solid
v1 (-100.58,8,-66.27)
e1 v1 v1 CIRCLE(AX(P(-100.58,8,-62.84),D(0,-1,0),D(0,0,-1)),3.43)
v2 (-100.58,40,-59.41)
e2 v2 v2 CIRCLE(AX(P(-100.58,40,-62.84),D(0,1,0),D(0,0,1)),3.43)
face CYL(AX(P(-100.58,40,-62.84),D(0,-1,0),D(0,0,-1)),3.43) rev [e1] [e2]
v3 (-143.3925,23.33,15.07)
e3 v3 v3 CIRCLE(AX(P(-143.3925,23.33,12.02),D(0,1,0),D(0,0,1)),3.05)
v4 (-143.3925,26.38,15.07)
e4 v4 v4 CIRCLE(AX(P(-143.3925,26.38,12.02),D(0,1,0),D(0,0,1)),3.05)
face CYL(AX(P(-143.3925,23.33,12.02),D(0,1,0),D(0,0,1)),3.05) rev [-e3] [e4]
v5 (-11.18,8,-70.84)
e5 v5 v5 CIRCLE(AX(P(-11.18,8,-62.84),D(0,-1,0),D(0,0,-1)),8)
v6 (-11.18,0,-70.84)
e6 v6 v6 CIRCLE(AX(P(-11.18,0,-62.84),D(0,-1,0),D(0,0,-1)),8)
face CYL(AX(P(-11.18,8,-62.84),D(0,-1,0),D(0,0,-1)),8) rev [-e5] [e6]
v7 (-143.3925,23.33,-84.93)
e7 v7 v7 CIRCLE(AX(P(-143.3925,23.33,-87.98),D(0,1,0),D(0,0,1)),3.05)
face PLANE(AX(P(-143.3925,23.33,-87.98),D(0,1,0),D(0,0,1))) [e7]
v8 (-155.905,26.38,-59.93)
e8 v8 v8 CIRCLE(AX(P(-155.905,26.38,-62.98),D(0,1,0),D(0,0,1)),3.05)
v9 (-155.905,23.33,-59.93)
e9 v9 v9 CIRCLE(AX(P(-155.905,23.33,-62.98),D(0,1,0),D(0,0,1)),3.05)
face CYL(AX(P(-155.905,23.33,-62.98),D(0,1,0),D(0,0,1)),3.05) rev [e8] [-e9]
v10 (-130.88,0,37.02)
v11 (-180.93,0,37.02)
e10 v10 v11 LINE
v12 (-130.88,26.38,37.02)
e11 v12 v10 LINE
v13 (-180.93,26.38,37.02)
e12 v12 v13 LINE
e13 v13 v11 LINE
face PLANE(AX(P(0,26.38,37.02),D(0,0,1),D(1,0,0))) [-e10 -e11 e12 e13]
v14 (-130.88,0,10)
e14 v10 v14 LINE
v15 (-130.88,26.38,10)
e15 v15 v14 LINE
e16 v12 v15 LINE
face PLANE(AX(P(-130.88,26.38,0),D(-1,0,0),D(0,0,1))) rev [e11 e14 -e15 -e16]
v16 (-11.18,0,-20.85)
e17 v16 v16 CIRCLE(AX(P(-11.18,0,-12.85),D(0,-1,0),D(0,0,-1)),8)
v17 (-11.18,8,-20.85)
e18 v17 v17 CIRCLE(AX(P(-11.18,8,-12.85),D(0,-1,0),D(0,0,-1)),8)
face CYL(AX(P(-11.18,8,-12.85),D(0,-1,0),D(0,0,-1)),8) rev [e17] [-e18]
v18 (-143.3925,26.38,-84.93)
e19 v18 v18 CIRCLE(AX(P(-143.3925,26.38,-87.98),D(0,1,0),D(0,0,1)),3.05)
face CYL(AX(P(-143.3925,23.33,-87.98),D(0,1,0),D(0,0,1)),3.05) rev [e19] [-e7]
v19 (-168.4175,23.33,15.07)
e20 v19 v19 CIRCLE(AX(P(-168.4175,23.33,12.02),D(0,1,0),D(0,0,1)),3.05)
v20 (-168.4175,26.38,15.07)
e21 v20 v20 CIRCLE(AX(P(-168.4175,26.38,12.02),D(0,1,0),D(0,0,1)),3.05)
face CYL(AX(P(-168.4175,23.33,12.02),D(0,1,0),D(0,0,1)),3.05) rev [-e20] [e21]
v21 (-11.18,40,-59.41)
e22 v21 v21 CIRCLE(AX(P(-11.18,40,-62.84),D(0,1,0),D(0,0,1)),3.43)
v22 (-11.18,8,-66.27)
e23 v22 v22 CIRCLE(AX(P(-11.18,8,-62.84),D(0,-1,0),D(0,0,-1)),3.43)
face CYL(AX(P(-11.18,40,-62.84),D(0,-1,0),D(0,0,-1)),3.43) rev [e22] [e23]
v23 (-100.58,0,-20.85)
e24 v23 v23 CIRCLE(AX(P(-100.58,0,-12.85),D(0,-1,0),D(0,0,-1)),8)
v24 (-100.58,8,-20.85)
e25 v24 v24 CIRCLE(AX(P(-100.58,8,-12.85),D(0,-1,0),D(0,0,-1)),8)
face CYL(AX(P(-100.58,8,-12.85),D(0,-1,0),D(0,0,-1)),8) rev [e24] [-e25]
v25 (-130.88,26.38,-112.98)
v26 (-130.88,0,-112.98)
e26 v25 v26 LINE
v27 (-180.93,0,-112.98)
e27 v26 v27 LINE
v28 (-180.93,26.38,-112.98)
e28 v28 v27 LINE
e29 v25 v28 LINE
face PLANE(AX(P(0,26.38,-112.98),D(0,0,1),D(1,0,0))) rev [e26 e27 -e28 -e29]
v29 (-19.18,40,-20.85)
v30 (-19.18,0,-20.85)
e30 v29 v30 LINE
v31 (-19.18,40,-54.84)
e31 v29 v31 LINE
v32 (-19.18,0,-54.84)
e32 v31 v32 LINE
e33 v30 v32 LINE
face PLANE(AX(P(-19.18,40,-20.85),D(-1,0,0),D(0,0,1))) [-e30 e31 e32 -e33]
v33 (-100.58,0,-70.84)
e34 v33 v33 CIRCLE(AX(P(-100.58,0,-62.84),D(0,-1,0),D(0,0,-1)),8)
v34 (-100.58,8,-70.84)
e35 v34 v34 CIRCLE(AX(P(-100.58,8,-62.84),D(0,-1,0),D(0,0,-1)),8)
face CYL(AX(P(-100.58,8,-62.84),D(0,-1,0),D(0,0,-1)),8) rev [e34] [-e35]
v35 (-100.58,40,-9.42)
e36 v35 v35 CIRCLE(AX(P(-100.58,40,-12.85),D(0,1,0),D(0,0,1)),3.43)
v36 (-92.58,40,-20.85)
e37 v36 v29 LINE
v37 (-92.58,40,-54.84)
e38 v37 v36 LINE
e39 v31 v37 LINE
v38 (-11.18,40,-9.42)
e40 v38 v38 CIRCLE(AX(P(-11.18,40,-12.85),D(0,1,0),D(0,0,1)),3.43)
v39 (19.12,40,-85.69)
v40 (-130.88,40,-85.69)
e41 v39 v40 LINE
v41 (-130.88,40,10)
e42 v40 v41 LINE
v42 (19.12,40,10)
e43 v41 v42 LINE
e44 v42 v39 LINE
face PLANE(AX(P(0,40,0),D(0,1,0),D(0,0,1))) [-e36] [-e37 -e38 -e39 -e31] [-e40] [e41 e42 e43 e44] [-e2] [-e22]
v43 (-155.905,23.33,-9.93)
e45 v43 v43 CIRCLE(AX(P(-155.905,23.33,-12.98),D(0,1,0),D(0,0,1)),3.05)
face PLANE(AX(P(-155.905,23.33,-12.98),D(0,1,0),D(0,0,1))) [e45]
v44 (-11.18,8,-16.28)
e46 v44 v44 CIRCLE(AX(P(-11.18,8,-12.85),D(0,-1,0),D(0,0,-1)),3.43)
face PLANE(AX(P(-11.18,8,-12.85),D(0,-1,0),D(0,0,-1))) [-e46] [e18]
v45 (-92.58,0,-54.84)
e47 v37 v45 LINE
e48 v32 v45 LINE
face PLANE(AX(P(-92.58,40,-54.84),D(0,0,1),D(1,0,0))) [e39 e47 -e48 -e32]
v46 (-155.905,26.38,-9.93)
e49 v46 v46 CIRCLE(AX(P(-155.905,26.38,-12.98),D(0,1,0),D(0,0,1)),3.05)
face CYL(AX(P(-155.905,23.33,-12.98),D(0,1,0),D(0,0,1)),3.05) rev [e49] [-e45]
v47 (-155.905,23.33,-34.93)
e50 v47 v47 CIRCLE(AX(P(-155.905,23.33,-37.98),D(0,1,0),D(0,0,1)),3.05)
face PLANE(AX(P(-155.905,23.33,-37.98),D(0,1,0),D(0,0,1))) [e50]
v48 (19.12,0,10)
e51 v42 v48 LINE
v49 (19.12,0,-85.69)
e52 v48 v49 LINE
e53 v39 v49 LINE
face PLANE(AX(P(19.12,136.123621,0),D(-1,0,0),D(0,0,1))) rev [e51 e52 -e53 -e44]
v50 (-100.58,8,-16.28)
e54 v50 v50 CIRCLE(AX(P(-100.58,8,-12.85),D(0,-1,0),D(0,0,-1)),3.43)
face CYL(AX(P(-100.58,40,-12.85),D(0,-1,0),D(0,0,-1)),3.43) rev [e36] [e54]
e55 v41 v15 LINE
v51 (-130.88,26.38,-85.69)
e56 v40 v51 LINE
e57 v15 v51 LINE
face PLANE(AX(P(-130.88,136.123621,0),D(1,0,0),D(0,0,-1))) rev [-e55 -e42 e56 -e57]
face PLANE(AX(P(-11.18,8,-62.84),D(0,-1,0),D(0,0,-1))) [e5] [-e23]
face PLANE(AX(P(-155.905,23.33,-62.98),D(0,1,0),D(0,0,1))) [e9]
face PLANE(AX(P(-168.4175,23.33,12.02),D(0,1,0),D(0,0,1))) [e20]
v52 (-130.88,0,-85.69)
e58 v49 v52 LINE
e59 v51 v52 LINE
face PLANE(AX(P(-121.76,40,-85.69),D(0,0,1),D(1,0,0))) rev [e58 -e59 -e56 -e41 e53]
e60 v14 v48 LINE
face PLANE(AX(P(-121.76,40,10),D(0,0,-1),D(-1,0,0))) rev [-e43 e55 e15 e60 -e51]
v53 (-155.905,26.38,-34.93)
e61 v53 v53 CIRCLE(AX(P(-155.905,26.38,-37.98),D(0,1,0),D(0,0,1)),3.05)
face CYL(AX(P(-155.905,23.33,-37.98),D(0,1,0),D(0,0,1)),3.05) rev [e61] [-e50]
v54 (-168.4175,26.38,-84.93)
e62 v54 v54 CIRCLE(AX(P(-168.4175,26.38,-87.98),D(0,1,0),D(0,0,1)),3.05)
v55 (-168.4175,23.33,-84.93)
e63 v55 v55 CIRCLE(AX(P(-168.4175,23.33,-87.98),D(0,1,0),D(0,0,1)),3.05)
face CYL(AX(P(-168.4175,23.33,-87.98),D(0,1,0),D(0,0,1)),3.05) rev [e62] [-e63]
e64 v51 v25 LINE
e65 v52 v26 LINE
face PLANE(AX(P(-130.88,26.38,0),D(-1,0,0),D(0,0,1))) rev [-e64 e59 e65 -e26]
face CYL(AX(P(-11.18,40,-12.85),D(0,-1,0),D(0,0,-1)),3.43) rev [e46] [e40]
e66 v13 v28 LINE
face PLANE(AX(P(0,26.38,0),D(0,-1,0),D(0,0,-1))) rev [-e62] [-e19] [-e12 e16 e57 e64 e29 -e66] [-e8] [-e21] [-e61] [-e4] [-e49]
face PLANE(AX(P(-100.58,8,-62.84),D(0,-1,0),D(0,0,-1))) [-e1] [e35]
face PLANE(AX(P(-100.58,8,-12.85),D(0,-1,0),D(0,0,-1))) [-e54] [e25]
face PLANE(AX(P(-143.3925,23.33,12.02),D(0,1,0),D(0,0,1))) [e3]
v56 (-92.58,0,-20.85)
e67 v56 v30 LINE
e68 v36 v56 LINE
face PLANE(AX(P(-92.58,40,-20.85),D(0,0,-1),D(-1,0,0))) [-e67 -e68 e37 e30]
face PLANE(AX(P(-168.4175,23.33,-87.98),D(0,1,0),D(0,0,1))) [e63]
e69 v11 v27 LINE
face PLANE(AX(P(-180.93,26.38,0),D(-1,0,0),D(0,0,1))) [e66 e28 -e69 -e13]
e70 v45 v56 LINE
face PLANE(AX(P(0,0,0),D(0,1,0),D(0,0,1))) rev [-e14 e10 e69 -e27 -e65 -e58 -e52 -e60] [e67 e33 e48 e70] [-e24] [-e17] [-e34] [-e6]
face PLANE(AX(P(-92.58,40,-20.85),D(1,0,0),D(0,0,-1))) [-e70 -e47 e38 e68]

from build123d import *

# Parameters (mm, degrees)
SKETCH8_W           = 131.76
SKETCH8_H           = 95.69
SKETCH8_R           = 3.43
SKETCH8_W_2         = 73.4
SKETCH8_H_2         = 33.99
BOSS_EXTRUDE4_DEPTH = 40
SKETCH9_R           = 8
CUT_EXTRUDE2_DEPTH  = 8
SKETCH12_W          = 9.12
SKETCH12_H          = 95.69
BOSS_EXTRUDE5_DEPTH = 40
BOSS_EXTRUDE6_DEPTH = 26.38
SKETCH15_R          = 3.05
CUT_EXTRUDE4_DEPTH  = 3.05
SKETCH14_R          = 3.05
CUT_EXTRUDE3_DEPTH  = 3.05


with BuildPart() as part:
    # Sketch8 → Boss-Extrude4 (new body)
    with BuildSketch(Plane(origin=(0, 0, 0), x_dir=(1, 0, 0), z_dir=(0, 1, 0))):
        with Locations((-55.88, 37.845)):
            Rectangle(SKETCH8_W, SKETCH8_H)
        with Locations((-100.58, 12.85)):
            Circle(SKETCH8_R, mode=Mode.SUBTRACT)
        with Locations((-100.58, 62.84)):
            Circle(SKETCH8_R, mode=Mode.SUBTRACT)
        with Locations((-11.18, 62.84)):
            Circle(SKETCH8_R, mode=Mode.SUBTRACT)
        with Locations((-11.18, 12.85)):
            Circle(SKETCH8_R, mode=Mode.SUBTRACT)
        with Locations((-55.88, 37.845)):
            Rectangle(SKETCH8_W_2, SKETCH8_H_2, mode=Mode.SUBTRACT)
    extrude(amount=BOSS_EXTRUDE4_DEPTH)

    # Sketch9 → Cut-Extrude2 (cut)
    with BuildSketch(Plane.XZ):
        with Locations((-100.58, -12.85)):
            Circle(SKETCH9_R)
        with Locations((-11.18, -12.85)):
            Circle(SKETCH9_R)
        with Locations((-11.18, -62.84)):
            Circle(SKETCH9_R)
        with Locations((-100.58, -62.84)):
            Circle(SKETCH9_R)
    extrude(amount=-CUT_EXTRUDE2_DEPTH, mode=Mode.SUBTRACT)

    # Sketch12 → Boss-Extrude5 (add)
    with BuildSketch(Plane.XZ):
        with Locations((-126.32, -37.845)):
            Rectangle(SKETCH12_W, SKETCH12_H)
        with Locations((14.56, -37.845)):
            Rectangle(SKETCH12_W, SKETCH12_H)
    extrude(amount=-BOSS_EXTRUDE5_DEPTH)

    # Sketch13 → Boss-Extrude6 (add)
    with BuildSketch(Plane.XZ):
        Polygon((-130.88, -85.69), (-130.88, 10), (-130.88, 37.02), (-180.93, 37.02), (-180.93, -112.98), (-130.88, -112.98), align=None)
    extrude(amount=-BOSS_EXTRUDE6_DEPTH)

    # Sketch15 → Cut-Extrude4 (cut)
    with BuildSketch(Plane(origin=(0, 26.38, 0), x_dir=(1, 0, 0), z_dir=(0, 1, 0))):
        with Locations((-168.4175, 87.98)):
            Circle(SKETCH15_R)
        with Locations((-143.3925, 87.98)):
            Circle(SKETCH15_R)
        with Locations((-155.905, 62.98)):
            Circle(SKETCH15_R)
        with Locations((-155.905, 37.98)):
            Circle(SKETCH15_R)
        with Locations((-155.905, 12.98)):
            Circle(SKETCH15_R)
        with Locations((-168.4175, -12.02)):
            Circle(SKETCH15_R)
        with Locations((-143.3925, -12.02)):
            Circle(SKETCH15_R)
    extrude(amount=-CUT_EXTRUDE4_DEPTH, mode=Mode.SUBTRACT)

    # Sketch14 → Cut-Extrude3 (cut)
    with BuildSketch(Plane(origin=(0, 26.38, 0), x_dir=(1, 0, 0), z_dir=(0, 1, 0))):
        with Locations((-105.88, -22.5125)):
            Circle(SKETCH14_R)
        with Locations((-105.88, -47.5375)):
            Circle(SKETCH14_R)
        with BuildLine():
            ThreePointArc((-77.83, -35.025), (-80.88, -31.975), (-83.93, -35.025))
            Line((-83.93, -35.025), (-77.83, -35.025))
        make_face()
        with BuildLine():
            Line((-77.83, -35.025), (-83.93, -35.025))
            ThreePointArc((-83.93, -35.025), (-80.88, -38.075), (-77.83, -35.025))
        make_face()
        with BuildLine():
            ThreePointArc((-52.83, -22.5125), (-53.723324317, -20.355824317), (-55.88, -19.4625))
            Line((-55.88, -19.4625), (-55.88, -25.5625))
            ThreePointArc((-55.88, -25.5625), (-53.723324317, -24.669175683), (-52.83, -22.5125))
        make_face()
        with BuildLine():
            Line((-55.88, -25.5625), (-55.88, -19.4625))
            ThreePointArc((-55.88, -19.4625), (-58.93, -22.5125), (-55.88, -25.5625))
        make_face()
        with BuildLine():
            ThreePointArc((-55.88, -44.4875), (-58.93, -47.5375), (-55.88, -50.5875))
            Line((-55.88, -50.5875), (-55.88, -44.4875))
        make_face()
        with BuildLine():
            Line((-55.88, -44.4875), (-55.88, -50.5875))
            ThreePointArc((-55.88, -50.5875), (-53.723324317, -49.694175683), (-52.83, -47.5375))
            ThreePointArc((-52.83, -47.5375), (-53.723324317, -45.380824317), (-55.88, -44.4875))
        make_face()
        with BuildLine():
            ThreePointArc((-33.93, -35.025), (-33.036675683, -37.181675683), (-30.88, -38.075))
            Line((-30.88, -38.075), (-30.88, -35.025))
            Line((-30.88, -35.025), (-33.93, -35.025))
        make_face()
        with BuildLine():
            Line((-30.88, -35.025), (-30.88, -38.075))
            ThreePointArc((-30.88, -38.075), (-28.723324317, -37.181675683), (-27.83, -35.025))
            Line((-27.83, -35.025), (-30.88, -35.025))
        make_face()
        with BuildLine():
            ThreePointArc((-27.83, -35.025), (-28.723324317, -32.868324317), (-30.88, -31.975))
            Line((-30.88, -31.975), (-30.88, -35.025))
            Line((-30.88, -35.025), (-27.83, -35.025))
        make_face()
        with BuildLine():
            Line((-30.88, -35.025), (-30.88, -31.975))
            ThreePointArc((-30.88, -31.975), (-33.036675683, -32.868324317), (-33.93, -35.025))
            Line((-33.93, -35.025), (-30.88, -35.025))
        make_face()
        with BuildLine():
            ThreePointArc((-2.83, -22.5125), (-3.723324317, -20.355824317), (-5.88, -19.4625))
            Line((-5.88, -19.4625), (-5.88, -25.5625))
            ThreePointArc((-5.88, -25.5625), (-3.723324317, -24.669175683), (-2.83, -22.5125))
        make_face()
        with BuildLine():
            Line((-5.88, -25.5625), (-5.88, -19.4625))
            ThreePointArc((-5.88, -19.4625), (-8.93, -22.5125), (-5.88, -25.5625))
        make_face()
        with BuildLine():
            ThreePointArc((-5.88, -44.4875), (-8.93, -47.5375), (-5.88, -50.5875))
            Line((-5.88, -50.5875), (-5.88, -44.4875))
        make_face()
        with BuildLine():
            Line((-5.88, -44.4875), (-5.88, -50.5875))
            ThreePointArc((-5.88, -50.5875), (-3.723324317, -49.694175683), (-2.83, -47.5375))
            ThreePointArc((-2.83, -47.5375), (-3.723324317, -45.380824317), (-5.88, -44.4875))
        make_face()
    extrude(amount=-CUT_EXTRUDE3_DEPTH, mode=Mode.SUBTRACT)


solid = part.part
